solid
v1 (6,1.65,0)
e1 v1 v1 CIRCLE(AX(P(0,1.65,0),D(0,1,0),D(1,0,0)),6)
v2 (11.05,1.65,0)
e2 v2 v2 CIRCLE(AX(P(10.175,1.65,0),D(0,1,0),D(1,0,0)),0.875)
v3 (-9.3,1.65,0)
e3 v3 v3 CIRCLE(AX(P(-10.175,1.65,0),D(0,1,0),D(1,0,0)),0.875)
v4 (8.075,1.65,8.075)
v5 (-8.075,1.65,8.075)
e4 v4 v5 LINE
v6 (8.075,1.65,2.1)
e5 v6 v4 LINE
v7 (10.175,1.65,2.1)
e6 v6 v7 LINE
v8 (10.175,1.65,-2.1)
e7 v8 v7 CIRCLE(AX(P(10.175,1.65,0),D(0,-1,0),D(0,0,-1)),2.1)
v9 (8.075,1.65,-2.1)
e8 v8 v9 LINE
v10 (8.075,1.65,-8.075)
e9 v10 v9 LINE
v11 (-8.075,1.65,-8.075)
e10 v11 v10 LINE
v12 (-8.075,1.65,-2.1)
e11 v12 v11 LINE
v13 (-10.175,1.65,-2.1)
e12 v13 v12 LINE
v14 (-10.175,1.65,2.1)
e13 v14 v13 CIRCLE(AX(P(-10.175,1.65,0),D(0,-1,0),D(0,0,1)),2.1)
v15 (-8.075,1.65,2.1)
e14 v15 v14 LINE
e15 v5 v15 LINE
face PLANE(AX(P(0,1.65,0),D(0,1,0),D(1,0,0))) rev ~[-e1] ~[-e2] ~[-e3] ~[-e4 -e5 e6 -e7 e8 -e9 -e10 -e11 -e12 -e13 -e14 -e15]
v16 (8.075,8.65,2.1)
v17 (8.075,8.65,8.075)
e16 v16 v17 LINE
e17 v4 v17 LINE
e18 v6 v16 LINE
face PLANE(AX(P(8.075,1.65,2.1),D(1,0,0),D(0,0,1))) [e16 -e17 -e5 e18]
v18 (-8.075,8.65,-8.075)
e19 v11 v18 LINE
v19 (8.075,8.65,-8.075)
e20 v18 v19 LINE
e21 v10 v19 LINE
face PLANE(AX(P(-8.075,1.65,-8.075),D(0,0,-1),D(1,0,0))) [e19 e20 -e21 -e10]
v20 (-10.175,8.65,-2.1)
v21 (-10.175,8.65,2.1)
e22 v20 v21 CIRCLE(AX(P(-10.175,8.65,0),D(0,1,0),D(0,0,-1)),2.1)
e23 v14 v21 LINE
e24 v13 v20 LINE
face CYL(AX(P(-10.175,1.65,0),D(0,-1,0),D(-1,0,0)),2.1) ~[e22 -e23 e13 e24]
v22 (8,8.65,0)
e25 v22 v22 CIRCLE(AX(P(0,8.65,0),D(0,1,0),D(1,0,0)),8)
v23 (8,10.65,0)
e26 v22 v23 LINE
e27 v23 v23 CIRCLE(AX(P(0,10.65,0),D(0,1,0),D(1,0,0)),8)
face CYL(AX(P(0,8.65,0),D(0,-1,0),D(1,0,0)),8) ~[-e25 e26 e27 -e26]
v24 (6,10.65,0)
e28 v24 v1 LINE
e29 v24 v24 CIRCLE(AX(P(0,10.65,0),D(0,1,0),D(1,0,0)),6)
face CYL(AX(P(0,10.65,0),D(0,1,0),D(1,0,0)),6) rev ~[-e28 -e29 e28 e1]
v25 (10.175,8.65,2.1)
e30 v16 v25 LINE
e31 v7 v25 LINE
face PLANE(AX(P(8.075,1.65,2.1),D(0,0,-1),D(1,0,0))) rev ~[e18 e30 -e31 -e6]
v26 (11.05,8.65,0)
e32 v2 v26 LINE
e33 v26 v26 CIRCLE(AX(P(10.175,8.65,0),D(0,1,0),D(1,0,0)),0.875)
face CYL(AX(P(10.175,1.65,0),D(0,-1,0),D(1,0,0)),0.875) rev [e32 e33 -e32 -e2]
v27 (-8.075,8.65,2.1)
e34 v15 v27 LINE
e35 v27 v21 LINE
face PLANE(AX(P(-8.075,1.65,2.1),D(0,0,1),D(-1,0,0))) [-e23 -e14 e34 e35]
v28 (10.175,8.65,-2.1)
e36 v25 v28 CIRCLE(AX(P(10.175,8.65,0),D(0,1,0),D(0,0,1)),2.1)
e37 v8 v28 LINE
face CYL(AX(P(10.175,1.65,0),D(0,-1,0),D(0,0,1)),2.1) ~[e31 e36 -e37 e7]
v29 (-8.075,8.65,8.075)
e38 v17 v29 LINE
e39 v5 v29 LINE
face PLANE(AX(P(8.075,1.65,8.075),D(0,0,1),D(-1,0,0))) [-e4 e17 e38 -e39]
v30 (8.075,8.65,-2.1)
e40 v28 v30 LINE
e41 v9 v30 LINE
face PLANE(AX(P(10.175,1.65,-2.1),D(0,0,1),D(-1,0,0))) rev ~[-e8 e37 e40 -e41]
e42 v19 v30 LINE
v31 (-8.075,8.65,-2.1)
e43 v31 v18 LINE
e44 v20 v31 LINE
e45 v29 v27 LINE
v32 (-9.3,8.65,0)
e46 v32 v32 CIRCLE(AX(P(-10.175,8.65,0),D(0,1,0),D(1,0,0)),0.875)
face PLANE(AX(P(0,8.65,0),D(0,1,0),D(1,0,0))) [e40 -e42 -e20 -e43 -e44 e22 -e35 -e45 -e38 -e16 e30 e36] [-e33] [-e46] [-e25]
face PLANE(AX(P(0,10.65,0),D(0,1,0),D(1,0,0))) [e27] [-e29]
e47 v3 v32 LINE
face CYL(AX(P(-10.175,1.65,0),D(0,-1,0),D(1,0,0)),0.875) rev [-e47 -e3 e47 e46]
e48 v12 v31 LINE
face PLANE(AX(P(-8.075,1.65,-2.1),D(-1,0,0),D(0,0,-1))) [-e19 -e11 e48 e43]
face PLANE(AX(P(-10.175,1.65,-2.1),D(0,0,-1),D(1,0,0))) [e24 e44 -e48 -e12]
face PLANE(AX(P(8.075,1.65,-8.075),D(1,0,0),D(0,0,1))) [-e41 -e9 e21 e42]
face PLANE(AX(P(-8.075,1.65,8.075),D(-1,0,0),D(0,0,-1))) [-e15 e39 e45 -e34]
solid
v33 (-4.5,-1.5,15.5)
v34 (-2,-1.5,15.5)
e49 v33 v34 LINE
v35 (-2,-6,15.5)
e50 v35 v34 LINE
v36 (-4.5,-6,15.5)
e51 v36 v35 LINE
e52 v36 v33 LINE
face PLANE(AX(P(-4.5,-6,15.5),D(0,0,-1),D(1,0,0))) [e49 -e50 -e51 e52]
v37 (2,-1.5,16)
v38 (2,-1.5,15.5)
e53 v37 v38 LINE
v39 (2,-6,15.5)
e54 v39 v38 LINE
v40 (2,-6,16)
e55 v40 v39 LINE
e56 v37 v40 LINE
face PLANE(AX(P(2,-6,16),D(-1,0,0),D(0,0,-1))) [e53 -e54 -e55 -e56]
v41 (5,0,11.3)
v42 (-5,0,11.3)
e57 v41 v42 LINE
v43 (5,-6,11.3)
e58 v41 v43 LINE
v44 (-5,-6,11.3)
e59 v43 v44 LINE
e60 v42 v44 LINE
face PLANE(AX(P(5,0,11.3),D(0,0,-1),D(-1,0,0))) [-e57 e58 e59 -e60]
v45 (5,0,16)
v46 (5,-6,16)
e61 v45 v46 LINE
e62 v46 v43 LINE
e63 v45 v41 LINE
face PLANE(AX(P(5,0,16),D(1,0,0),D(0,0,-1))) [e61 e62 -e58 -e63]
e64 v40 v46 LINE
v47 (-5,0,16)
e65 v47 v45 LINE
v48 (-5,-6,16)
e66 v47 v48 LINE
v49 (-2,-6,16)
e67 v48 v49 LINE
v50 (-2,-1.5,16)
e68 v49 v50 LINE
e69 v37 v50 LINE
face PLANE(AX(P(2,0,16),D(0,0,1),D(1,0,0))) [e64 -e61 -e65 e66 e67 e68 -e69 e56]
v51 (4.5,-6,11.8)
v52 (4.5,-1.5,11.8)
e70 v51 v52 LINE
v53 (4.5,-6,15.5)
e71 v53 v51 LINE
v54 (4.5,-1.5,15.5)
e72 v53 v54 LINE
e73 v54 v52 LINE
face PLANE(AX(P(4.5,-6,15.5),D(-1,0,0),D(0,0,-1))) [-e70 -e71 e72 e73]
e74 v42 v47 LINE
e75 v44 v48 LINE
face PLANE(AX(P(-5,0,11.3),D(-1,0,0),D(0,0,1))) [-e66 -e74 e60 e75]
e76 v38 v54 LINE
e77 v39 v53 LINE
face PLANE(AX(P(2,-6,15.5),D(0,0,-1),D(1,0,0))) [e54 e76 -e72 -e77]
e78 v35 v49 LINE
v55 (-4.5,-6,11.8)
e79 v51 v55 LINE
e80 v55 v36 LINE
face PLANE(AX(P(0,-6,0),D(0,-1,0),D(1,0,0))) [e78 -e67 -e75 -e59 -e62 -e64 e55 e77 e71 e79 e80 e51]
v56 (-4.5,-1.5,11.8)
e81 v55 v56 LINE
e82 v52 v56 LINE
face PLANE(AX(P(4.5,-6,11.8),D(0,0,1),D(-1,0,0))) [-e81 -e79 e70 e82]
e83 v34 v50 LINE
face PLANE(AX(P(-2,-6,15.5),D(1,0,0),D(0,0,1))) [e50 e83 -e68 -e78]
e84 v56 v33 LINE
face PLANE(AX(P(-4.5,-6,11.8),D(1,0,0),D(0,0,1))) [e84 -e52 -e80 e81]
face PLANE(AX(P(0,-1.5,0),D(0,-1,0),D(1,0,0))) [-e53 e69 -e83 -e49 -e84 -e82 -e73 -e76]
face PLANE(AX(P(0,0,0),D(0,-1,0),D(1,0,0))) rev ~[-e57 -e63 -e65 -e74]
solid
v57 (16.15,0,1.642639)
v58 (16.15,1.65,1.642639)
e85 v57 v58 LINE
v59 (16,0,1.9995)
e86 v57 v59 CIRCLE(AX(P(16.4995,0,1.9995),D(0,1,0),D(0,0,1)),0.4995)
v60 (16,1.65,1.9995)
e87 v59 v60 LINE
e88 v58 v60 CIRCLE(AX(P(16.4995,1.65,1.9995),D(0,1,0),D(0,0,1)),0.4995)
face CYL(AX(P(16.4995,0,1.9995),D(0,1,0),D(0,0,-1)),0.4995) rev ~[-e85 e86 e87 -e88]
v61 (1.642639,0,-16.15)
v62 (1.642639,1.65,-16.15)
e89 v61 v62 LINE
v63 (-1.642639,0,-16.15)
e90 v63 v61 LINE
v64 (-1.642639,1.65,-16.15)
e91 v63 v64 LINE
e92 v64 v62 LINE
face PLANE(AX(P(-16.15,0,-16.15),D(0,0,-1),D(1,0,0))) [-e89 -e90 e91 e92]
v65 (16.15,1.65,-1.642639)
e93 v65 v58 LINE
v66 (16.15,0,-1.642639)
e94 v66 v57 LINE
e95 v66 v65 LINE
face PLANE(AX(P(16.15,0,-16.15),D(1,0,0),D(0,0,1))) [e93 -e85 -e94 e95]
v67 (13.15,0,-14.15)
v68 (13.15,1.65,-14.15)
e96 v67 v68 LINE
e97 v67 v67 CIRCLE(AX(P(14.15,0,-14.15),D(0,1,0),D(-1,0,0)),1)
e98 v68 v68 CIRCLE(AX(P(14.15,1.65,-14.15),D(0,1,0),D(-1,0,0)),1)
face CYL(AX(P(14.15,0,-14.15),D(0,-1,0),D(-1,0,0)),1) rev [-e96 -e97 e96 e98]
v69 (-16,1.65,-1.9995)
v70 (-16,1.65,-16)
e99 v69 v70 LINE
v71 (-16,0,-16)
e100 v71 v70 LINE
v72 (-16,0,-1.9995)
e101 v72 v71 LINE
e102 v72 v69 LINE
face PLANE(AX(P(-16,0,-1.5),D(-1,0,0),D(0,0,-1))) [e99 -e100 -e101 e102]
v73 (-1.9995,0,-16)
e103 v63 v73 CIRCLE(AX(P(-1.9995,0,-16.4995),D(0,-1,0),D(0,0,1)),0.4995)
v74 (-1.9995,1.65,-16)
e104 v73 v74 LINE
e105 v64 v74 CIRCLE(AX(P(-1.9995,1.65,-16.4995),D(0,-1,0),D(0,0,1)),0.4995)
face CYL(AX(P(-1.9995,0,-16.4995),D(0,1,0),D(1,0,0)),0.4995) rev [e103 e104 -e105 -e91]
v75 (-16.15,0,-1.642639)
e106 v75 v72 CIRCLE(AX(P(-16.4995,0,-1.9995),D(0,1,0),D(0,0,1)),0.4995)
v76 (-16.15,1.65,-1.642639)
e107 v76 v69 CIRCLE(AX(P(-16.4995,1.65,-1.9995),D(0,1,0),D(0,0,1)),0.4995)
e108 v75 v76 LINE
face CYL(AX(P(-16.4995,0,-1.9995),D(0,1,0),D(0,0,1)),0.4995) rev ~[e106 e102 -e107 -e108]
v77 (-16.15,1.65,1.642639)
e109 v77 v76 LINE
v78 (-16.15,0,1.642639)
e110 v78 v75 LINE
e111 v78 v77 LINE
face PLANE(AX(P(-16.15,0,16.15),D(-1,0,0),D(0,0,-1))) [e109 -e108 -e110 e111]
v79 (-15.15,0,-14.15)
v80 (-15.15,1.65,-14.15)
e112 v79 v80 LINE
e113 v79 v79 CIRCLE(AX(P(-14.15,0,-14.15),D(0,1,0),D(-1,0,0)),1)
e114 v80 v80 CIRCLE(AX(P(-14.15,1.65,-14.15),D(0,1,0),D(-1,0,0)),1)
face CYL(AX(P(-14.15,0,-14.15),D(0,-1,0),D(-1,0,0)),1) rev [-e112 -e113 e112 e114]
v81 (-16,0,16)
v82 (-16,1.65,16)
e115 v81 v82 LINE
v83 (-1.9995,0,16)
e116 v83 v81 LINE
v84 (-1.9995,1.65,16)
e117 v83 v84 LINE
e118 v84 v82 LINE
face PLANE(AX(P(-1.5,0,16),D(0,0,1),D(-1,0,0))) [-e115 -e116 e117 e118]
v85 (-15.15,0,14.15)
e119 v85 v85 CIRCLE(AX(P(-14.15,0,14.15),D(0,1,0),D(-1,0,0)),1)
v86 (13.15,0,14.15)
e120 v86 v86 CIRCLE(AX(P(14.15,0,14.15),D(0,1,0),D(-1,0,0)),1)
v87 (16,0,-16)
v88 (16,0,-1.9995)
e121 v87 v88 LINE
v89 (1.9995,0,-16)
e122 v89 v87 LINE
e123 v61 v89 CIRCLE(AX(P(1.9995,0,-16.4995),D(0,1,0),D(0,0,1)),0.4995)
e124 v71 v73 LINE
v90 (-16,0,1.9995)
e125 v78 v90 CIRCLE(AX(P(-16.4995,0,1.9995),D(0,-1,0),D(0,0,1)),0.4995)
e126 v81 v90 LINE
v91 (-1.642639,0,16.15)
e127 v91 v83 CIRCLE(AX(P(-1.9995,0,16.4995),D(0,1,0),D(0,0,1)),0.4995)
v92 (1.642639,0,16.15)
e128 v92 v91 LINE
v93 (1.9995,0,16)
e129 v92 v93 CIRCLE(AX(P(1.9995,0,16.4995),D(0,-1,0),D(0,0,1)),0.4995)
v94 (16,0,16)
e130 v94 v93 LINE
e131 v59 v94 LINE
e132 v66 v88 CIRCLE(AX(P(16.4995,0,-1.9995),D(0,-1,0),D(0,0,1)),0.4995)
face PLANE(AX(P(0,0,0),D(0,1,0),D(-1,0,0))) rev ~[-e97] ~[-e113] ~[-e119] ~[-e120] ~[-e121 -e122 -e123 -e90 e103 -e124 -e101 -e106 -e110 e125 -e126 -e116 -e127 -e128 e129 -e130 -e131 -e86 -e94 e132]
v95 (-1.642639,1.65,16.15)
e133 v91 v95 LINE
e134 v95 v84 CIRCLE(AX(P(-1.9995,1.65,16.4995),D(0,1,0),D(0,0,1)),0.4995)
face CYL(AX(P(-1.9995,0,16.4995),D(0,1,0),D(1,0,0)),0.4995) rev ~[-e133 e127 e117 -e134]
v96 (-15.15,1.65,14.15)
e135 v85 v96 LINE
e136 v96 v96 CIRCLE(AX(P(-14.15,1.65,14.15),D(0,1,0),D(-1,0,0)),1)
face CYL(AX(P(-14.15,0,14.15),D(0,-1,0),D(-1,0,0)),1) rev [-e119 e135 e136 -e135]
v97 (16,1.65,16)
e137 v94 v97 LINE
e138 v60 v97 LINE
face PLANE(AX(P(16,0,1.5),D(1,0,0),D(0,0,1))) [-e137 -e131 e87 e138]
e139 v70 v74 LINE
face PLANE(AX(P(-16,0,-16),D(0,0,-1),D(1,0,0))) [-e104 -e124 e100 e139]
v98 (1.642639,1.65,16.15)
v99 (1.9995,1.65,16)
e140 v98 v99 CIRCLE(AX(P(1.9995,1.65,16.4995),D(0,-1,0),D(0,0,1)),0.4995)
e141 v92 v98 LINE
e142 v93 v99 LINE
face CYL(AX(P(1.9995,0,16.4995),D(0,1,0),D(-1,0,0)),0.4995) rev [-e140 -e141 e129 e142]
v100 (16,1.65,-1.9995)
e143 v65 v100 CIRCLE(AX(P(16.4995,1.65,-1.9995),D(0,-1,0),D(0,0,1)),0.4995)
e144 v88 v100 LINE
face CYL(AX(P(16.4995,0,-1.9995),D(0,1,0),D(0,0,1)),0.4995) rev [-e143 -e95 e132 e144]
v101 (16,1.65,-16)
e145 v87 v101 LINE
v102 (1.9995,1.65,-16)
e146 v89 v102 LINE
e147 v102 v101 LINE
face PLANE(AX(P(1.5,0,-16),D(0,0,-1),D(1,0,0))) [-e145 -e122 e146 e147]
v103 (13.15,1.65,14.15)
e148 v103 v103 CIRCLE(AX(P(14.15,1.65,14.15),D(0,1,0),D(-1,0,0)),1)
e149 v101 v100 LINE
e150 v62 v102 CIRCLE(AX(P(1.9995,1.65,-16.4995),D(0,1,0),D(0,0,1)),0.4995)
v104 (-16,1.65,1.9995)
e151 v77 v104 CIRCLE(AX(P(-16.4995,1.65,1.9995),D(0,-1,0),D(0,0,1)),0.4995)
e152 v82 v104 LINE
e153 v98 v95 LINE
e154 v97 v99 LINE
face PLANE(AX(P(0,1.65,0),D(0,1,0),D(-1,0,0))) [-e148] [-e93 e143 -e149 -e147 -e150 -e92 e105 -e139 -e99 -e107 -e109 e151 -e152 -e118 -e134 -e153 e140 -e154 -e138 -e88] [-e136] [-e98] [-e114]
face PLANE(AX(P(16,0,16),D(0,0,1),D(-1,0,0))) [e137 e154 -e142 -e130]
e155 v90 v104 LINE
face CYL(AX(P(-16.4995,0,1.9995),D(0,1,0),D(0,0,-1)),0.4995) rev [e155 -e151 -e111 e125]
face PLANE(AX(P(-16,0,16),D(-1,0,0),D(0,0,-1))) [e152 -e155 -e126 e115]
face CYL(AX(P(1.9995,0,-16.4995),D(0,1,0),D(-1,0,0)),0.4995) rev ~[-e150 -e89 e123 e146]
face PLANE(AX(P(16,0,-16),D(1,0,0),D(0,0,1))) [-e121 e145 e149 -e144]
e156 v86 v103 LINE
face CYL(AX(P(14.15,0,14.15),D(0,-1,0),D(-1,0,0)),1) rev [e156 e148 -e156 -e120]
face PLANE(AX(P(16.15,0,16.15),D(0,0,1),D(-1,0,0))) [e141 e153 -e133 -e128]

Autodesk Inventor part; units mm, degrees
ref_plane "YZ Plane" through (0, 0, 0) normal (1, 0, 0) x (0, 1, 0)
ref_plane "XZ Plane" through (0, 0, 0) normal (0, 1, 0) x (-1, 0, 0)
ref_plane "XY Plane" through (0, 0, 0) normal (0, 0, 1) x (1, 0, 0)
sketch "Sketch1" plane through (0, 0, 0) normal (0, 1, 0) x (-1, 0, 0)
  line L0 (-19, 19) -> (19, 19)
  line L1 (19, 19) -> (19, -19)
  line L2 (19, -19) -> (-19, -19)
  line L3 (-19, -19) -> (-19, 19)
  line L4 (-19, 19) -> (19, -19) construction
  line L5 (19, 19) -> (-19, -19) construction
  line L6 (-17, -17) -> (17, -17)
  line L7 (17, -17) -> (17, 17)
  line L8 (17, 17) -> (-17, 17)
  line L9 (-17, 17) -> (-17, -17)
  line L10 (16, -16) -> (-16, -16)
  line L11 (-16, -16) -> (-16, 16)
  line L12 (-16, 16) -> (16, 16)
  line L13 (16, 16) -> (16, -16)
  circle A0 centre (17, -17) radius 1
  circle A1 centre (-17, -17) radius 1
  circle A2 centre (-17, 17) radius 1
  circle A3 centre (17, 17) radius 1
  line L14 (16, 16) -> (14.15, 16) construction
  line L15 (14.15, 16) -> (14.15, 14.15) construction
  line L16 (14.15, 14.15) -> (16, 14.15) construction
  line L17 (16, 14.15) -> (16, 16) construction
  circle A4 centre (14.15, 14.15) radius 1
  circle A5 centre (-14.15, 14.15) radius 1
  circle A6 centre (-14.15, -14.15) radius 1
  circle A7 centre (14.15, -14.15) radius 1
  line L18 (0, 16) -> (0, 17) construction
  line L19 (-1.5, 17) -> (1.5, 17)
  line L20 (1.5, 17) -> (1.5, 16)
  line L21 (1.5, 16) -> (-1.5, 16)
  line L22 (-1.5, 16) -> (-1.5, 17)
  line L23 (-1.5, 17) -> (1.5, 16) construction
  line L24 (1.5, 17) -> (-1.5, 16) construction
  line L25 (-17, 1.5) -> (-16, 1.5)
  line L26 (-16, 0) -> (-17, 0) construction
  line L27 (-16, 1.5) -> (-16, -1.5)
  line L28 (-16, -1.5) -> (-17, -1.5)
  line L29 (-17, -1.5) -> (-17, 1.5)
  line L30 (-17, 1.5) -> (-16, -1.5) construction
  line L31 (-17, -1.5) -> (-16, 1.5) construction
  line L32 (-1.5, -17) -> (-1.5, -16)
  line L33 (0, -16) -> (0, -17) construction
  line L34 (-1.5, -16) -> (1.5, -16)
  line L35 (1.5, -16) -> (1.5, -17)
  line L36 (1.5, -17) -> (-1.5, -17)
  line L37 (-1.5, -17) -> (1.5, -16) construction
  line L38 (1.5, -17) -> (-1.5, -16) construction
  line L39 (17, -1.5) -> (16, -1.5)
  line L40 (16, 0) -> (17, 0) construction
  line L41 (16, -1.5) -> (16, 1.5)
  line L42 (16, 1.5) -> (17, 1.5)
  line L43 (17, 1.5) -> (17, -1.5)
  line L44 (17, -1.5) -> (16, 1.5) construction
  line L45 (17, 1.5) -> (16, -1.5) construction
  point P0 (0, 0)
  point P1 (0, 16.5)
  point P2 (-16.5, 0)
  point P3 (0, -16.5)
  point P4 (16.5, 0)
  dimension "d49" = 2
  dimension "d0" = 38
  dimension "d1" = 38
  dimension "d2" = 2
  dimension "d3" = 1
  dimension "d4" = 2
  dimension "d5" = 2
  dimension "d6" = 2
  dimension "d7" = 2
  dimension "d8" = 1.85
  dimension "d9" = 1.85
  dimension "d10" = 2
  dimension "d13" = 360
  dimension "d15" = 3
  dimension "d18" = 360
extrude "Extrusion1" add sketch "Sketch1" along normal blind 1.65 contours L0 L1 L2 L3 | L32 L10 L35 L6 | L9 L25 L11 L28 | L10 L11 L12 L13 | L39 L13 L42 L7 | L8 L20 L12 L22
fillet "Fillet1" radius 0.5 16 edges at (-17, 0.825, 1.5) (-16, 0.825, 1.5) (-17, 0.825, -1.5) (-16, 0.825, -1.5) (-1.5, 0.825, -16) (1.5, 0.825, -16) (1.5, 0.825, -17) (-1.5, 0.825, -17) (16, 0.825, -1.5) (17, 0.825, -1.5) (17, 0.825, 1.5) (16, 0.825, 1.5) (1.5, 0.825, 16) (-1.5, 0.825, 16) (-1.5, 0.825, 17) (1.5, 0.825, 17)
sketch "Sketch2" plane through (0, 1.65, 0) normal (0, 1, 0) x (1, 0, 0)
  line L0 (8.075, -8.075) -> (-8.075, -8.075)
  line L1 (-8.075, -8.075) -> (-8.075, 8.075)
  line L2 (-8.075, 8.075) -> (8.075, 8.075)
  line L3 (8.075, 8.075) -> (8.075, -8.075)
  line L4 (8.075, -8.075) -> (-8.075, 8.075) construction
  line L5 (-8.075, -8.075) -> (8.075, 8.075) construction
  line L6 (-8.075, 0) -> (-10.175, 0) construction
  line L7 (8.075, 0) -> (10.175, 0) construction
  line L8 (-8.075, -2.1) -> (-10.175, -2.1)
  line L9 (-12.275, 0) -> (-12.275, 0)
  line L10 (-10.175, 2.1) -> (-8.075, 2.1)
  line L11 (-8.075, 2.1) -> (-8.075, -2.1)
  line L12 (-8.075, -2.1) -> (-12.275, 2.1) construction
  line L13 (-12.275, -2.1) -> (-8.075, 2.1) construction
  line L14 (8.075, -2.1) -> (10.175, -2.1)
  line L15 (12.275, 0) -> (12.275, 0)
  line L16 (10.175, 2.1) -> (8.075, 2.1)
  line L17 (8.075, 2.1) -> (8.075, -2.1)
  line L18 (8.075, -2.1) -> (12.275, 2.1) construction
  line L19 (12.275, -2.1) -> (8.075, 2.1) construction
  arc A0 (-10.175, 2.1) -> (-12.275, 0) centre (-10.175, 0) ccw
  arc A1 (-12.275, 0) -> (-10.175, -2.1) centre (-10.175, 0) ccw
  arc A2 (10.175, -2.1) -> (12.275, 0) centre (10.175, 0) ccw
  arc A3 (12.275, 0) -> (10.175, 2.1) centre (10.175, 0) ccw
  circle A4 centre (-10.175, 0) radius 0.875
  circle A5 centre (10.175, 0) radius 0.875
  point P0 (0, 0)
  dimension "d23" = 16.15
  dimension "d24" = 16.15
  dimension "d25" = 2.1
  dimension "d26" = 2.1
  dimension "d27" = 4.2
  dimension "d28" = 4.2
  dimension "d29" = 4.2
  dimension "d30" = 4.2
  dimension "d31" = 2.1
  dimension "d34" = 1.75
  dimension "d35" = 1.75
extrude "Extrusion2" add sketch "Sketch2" along normal blind 7 separate body
sketch "Sketch3" plane through (0, 0, 0) normal (0, -1, 0) x (1, 0, 0)
  line L0 (5, 11.3) -> (-5, 11.3)
  line L1 (-5, 11.3) -> (-5, 16)
  line L2 (-5, 16) -> (5, 16)
  line L3 (5, 16) -> (5, 11.3)
  line L4 (2, 16) -> (16, 16) projected
  point P0 (0, 0)
  dimension "d36" = 10
  dimension "d37" = 4.7
  dimension "d38" = 5
extrude "Extrusion3" add sketch "Sketch3" along normal blind 6 separate body
sketch "Sketch4" plane through (0, -6, 0) normal (0, -1, 0) x (1, 0, 0)
  line L0 (-5, 11.3) -> (5, 11.3) projected
  line L1 (5, 11.3) -> (5, 16) projected
  line L2 (5, 16) -> (-5, 16) projected
  line L3 (-5, 16) -> (-5, 11.3) projected
  line L4 (4.5, 11.8) -> (-4.5, 11.8)
  line L5 (-4.5, 11.8) -> (-4.5, 15.5)
  line L6 (-4.5, 15.5) -> (4.5, 15.5)
  line L7 (4.5, 15.5) -> (4.5, 11.8)
  line L8 (5, 16) -> (-5, 16) projected
  line L9 (2, 15.5) -> (-2, 15.5)
  line L10 (-2, 15.5) -> (-2, 16)
  line L11 (-2, 16) -> (2, 16)
  line L12 (2, 16) -> (2, 15.5)
  point P0 (0, 0)
  dimension "d41" = 0.5
  dimension "d42" = 4
  dimension "d43" = 2
extrude "Extrusion4" cut sketch "Sketch4" against normal blind 4.5 contours L2 L12 L6 L10 | L6 L7 L4 L5 bodies 3
sketch "Sketch5" plane through (0, 8.65, 0) normal (0, 1, 0) x (1, 0, 0)
  circle A0 centre (0, 0) radius 8
  dimension "d46" = 16
extrude "Extrusion5" add sketch "Sketch5" along normal blind 2 bodies 2
sketch "Sketch6" plane through (0, 10.65, 0) normal (0, 1, 0) x (1, 0, 0)
  circle A0 centre (0, 0) radius 8 construction
  circle A1 centre (0, 0) radius 6
  dimension "d49" = 2
extrude "Extrusion6" cut sketch "Sketch6" against normal up to surface (9 mm away) bodies 2
thread "Thread1" size "M12x0.5" class "6H" standard "ANSI Metric M Profile" full length
sketch "Sketch7" plane through (0, 0, 0) normal (0, -1, 0) x (1, 0, 0)
  line L0 (16, 16) -> (-16, 16) construction
  line L1 (-16, 16) -> (-16, -16) construction
  line L2 (-16, -16) -> (16, -16) construction
  line L3 (16, -16) -> (16, 16) construction
  line L4 (16.15, 16.15) -> (-16.15, 16.15)
  line L5 (-16.15, 16.15) -> (-16.15, -16.15)
  line L6 (-16.15, -16.15) -> (16.15, -16.15)
  line L7 (16.15, -16.15) -> (16.15, 16.15)
  line L8 (21.15, 21.15) -> (-21.15, 21.15)
  line L9 (-21.15, 21.15) -> (-21.15, -21.15)
  line L10 (-21.15, -21.15) -> (21.15, -21.15)
  line L11 (21.15, -21.15) -> (21.15, 21.15)
  point P0 (0, 0)
  dimension "d54" = 0.15
  dimension "d55" = 5
extrude "Extrusion7" cut sketch "Sketch7" against normal up to surface (1.65 mm away) bodies 1
equation "\"d38\" = 0.5 * d36"
properties part number "Spinel USB Camera 01 trimmed"
